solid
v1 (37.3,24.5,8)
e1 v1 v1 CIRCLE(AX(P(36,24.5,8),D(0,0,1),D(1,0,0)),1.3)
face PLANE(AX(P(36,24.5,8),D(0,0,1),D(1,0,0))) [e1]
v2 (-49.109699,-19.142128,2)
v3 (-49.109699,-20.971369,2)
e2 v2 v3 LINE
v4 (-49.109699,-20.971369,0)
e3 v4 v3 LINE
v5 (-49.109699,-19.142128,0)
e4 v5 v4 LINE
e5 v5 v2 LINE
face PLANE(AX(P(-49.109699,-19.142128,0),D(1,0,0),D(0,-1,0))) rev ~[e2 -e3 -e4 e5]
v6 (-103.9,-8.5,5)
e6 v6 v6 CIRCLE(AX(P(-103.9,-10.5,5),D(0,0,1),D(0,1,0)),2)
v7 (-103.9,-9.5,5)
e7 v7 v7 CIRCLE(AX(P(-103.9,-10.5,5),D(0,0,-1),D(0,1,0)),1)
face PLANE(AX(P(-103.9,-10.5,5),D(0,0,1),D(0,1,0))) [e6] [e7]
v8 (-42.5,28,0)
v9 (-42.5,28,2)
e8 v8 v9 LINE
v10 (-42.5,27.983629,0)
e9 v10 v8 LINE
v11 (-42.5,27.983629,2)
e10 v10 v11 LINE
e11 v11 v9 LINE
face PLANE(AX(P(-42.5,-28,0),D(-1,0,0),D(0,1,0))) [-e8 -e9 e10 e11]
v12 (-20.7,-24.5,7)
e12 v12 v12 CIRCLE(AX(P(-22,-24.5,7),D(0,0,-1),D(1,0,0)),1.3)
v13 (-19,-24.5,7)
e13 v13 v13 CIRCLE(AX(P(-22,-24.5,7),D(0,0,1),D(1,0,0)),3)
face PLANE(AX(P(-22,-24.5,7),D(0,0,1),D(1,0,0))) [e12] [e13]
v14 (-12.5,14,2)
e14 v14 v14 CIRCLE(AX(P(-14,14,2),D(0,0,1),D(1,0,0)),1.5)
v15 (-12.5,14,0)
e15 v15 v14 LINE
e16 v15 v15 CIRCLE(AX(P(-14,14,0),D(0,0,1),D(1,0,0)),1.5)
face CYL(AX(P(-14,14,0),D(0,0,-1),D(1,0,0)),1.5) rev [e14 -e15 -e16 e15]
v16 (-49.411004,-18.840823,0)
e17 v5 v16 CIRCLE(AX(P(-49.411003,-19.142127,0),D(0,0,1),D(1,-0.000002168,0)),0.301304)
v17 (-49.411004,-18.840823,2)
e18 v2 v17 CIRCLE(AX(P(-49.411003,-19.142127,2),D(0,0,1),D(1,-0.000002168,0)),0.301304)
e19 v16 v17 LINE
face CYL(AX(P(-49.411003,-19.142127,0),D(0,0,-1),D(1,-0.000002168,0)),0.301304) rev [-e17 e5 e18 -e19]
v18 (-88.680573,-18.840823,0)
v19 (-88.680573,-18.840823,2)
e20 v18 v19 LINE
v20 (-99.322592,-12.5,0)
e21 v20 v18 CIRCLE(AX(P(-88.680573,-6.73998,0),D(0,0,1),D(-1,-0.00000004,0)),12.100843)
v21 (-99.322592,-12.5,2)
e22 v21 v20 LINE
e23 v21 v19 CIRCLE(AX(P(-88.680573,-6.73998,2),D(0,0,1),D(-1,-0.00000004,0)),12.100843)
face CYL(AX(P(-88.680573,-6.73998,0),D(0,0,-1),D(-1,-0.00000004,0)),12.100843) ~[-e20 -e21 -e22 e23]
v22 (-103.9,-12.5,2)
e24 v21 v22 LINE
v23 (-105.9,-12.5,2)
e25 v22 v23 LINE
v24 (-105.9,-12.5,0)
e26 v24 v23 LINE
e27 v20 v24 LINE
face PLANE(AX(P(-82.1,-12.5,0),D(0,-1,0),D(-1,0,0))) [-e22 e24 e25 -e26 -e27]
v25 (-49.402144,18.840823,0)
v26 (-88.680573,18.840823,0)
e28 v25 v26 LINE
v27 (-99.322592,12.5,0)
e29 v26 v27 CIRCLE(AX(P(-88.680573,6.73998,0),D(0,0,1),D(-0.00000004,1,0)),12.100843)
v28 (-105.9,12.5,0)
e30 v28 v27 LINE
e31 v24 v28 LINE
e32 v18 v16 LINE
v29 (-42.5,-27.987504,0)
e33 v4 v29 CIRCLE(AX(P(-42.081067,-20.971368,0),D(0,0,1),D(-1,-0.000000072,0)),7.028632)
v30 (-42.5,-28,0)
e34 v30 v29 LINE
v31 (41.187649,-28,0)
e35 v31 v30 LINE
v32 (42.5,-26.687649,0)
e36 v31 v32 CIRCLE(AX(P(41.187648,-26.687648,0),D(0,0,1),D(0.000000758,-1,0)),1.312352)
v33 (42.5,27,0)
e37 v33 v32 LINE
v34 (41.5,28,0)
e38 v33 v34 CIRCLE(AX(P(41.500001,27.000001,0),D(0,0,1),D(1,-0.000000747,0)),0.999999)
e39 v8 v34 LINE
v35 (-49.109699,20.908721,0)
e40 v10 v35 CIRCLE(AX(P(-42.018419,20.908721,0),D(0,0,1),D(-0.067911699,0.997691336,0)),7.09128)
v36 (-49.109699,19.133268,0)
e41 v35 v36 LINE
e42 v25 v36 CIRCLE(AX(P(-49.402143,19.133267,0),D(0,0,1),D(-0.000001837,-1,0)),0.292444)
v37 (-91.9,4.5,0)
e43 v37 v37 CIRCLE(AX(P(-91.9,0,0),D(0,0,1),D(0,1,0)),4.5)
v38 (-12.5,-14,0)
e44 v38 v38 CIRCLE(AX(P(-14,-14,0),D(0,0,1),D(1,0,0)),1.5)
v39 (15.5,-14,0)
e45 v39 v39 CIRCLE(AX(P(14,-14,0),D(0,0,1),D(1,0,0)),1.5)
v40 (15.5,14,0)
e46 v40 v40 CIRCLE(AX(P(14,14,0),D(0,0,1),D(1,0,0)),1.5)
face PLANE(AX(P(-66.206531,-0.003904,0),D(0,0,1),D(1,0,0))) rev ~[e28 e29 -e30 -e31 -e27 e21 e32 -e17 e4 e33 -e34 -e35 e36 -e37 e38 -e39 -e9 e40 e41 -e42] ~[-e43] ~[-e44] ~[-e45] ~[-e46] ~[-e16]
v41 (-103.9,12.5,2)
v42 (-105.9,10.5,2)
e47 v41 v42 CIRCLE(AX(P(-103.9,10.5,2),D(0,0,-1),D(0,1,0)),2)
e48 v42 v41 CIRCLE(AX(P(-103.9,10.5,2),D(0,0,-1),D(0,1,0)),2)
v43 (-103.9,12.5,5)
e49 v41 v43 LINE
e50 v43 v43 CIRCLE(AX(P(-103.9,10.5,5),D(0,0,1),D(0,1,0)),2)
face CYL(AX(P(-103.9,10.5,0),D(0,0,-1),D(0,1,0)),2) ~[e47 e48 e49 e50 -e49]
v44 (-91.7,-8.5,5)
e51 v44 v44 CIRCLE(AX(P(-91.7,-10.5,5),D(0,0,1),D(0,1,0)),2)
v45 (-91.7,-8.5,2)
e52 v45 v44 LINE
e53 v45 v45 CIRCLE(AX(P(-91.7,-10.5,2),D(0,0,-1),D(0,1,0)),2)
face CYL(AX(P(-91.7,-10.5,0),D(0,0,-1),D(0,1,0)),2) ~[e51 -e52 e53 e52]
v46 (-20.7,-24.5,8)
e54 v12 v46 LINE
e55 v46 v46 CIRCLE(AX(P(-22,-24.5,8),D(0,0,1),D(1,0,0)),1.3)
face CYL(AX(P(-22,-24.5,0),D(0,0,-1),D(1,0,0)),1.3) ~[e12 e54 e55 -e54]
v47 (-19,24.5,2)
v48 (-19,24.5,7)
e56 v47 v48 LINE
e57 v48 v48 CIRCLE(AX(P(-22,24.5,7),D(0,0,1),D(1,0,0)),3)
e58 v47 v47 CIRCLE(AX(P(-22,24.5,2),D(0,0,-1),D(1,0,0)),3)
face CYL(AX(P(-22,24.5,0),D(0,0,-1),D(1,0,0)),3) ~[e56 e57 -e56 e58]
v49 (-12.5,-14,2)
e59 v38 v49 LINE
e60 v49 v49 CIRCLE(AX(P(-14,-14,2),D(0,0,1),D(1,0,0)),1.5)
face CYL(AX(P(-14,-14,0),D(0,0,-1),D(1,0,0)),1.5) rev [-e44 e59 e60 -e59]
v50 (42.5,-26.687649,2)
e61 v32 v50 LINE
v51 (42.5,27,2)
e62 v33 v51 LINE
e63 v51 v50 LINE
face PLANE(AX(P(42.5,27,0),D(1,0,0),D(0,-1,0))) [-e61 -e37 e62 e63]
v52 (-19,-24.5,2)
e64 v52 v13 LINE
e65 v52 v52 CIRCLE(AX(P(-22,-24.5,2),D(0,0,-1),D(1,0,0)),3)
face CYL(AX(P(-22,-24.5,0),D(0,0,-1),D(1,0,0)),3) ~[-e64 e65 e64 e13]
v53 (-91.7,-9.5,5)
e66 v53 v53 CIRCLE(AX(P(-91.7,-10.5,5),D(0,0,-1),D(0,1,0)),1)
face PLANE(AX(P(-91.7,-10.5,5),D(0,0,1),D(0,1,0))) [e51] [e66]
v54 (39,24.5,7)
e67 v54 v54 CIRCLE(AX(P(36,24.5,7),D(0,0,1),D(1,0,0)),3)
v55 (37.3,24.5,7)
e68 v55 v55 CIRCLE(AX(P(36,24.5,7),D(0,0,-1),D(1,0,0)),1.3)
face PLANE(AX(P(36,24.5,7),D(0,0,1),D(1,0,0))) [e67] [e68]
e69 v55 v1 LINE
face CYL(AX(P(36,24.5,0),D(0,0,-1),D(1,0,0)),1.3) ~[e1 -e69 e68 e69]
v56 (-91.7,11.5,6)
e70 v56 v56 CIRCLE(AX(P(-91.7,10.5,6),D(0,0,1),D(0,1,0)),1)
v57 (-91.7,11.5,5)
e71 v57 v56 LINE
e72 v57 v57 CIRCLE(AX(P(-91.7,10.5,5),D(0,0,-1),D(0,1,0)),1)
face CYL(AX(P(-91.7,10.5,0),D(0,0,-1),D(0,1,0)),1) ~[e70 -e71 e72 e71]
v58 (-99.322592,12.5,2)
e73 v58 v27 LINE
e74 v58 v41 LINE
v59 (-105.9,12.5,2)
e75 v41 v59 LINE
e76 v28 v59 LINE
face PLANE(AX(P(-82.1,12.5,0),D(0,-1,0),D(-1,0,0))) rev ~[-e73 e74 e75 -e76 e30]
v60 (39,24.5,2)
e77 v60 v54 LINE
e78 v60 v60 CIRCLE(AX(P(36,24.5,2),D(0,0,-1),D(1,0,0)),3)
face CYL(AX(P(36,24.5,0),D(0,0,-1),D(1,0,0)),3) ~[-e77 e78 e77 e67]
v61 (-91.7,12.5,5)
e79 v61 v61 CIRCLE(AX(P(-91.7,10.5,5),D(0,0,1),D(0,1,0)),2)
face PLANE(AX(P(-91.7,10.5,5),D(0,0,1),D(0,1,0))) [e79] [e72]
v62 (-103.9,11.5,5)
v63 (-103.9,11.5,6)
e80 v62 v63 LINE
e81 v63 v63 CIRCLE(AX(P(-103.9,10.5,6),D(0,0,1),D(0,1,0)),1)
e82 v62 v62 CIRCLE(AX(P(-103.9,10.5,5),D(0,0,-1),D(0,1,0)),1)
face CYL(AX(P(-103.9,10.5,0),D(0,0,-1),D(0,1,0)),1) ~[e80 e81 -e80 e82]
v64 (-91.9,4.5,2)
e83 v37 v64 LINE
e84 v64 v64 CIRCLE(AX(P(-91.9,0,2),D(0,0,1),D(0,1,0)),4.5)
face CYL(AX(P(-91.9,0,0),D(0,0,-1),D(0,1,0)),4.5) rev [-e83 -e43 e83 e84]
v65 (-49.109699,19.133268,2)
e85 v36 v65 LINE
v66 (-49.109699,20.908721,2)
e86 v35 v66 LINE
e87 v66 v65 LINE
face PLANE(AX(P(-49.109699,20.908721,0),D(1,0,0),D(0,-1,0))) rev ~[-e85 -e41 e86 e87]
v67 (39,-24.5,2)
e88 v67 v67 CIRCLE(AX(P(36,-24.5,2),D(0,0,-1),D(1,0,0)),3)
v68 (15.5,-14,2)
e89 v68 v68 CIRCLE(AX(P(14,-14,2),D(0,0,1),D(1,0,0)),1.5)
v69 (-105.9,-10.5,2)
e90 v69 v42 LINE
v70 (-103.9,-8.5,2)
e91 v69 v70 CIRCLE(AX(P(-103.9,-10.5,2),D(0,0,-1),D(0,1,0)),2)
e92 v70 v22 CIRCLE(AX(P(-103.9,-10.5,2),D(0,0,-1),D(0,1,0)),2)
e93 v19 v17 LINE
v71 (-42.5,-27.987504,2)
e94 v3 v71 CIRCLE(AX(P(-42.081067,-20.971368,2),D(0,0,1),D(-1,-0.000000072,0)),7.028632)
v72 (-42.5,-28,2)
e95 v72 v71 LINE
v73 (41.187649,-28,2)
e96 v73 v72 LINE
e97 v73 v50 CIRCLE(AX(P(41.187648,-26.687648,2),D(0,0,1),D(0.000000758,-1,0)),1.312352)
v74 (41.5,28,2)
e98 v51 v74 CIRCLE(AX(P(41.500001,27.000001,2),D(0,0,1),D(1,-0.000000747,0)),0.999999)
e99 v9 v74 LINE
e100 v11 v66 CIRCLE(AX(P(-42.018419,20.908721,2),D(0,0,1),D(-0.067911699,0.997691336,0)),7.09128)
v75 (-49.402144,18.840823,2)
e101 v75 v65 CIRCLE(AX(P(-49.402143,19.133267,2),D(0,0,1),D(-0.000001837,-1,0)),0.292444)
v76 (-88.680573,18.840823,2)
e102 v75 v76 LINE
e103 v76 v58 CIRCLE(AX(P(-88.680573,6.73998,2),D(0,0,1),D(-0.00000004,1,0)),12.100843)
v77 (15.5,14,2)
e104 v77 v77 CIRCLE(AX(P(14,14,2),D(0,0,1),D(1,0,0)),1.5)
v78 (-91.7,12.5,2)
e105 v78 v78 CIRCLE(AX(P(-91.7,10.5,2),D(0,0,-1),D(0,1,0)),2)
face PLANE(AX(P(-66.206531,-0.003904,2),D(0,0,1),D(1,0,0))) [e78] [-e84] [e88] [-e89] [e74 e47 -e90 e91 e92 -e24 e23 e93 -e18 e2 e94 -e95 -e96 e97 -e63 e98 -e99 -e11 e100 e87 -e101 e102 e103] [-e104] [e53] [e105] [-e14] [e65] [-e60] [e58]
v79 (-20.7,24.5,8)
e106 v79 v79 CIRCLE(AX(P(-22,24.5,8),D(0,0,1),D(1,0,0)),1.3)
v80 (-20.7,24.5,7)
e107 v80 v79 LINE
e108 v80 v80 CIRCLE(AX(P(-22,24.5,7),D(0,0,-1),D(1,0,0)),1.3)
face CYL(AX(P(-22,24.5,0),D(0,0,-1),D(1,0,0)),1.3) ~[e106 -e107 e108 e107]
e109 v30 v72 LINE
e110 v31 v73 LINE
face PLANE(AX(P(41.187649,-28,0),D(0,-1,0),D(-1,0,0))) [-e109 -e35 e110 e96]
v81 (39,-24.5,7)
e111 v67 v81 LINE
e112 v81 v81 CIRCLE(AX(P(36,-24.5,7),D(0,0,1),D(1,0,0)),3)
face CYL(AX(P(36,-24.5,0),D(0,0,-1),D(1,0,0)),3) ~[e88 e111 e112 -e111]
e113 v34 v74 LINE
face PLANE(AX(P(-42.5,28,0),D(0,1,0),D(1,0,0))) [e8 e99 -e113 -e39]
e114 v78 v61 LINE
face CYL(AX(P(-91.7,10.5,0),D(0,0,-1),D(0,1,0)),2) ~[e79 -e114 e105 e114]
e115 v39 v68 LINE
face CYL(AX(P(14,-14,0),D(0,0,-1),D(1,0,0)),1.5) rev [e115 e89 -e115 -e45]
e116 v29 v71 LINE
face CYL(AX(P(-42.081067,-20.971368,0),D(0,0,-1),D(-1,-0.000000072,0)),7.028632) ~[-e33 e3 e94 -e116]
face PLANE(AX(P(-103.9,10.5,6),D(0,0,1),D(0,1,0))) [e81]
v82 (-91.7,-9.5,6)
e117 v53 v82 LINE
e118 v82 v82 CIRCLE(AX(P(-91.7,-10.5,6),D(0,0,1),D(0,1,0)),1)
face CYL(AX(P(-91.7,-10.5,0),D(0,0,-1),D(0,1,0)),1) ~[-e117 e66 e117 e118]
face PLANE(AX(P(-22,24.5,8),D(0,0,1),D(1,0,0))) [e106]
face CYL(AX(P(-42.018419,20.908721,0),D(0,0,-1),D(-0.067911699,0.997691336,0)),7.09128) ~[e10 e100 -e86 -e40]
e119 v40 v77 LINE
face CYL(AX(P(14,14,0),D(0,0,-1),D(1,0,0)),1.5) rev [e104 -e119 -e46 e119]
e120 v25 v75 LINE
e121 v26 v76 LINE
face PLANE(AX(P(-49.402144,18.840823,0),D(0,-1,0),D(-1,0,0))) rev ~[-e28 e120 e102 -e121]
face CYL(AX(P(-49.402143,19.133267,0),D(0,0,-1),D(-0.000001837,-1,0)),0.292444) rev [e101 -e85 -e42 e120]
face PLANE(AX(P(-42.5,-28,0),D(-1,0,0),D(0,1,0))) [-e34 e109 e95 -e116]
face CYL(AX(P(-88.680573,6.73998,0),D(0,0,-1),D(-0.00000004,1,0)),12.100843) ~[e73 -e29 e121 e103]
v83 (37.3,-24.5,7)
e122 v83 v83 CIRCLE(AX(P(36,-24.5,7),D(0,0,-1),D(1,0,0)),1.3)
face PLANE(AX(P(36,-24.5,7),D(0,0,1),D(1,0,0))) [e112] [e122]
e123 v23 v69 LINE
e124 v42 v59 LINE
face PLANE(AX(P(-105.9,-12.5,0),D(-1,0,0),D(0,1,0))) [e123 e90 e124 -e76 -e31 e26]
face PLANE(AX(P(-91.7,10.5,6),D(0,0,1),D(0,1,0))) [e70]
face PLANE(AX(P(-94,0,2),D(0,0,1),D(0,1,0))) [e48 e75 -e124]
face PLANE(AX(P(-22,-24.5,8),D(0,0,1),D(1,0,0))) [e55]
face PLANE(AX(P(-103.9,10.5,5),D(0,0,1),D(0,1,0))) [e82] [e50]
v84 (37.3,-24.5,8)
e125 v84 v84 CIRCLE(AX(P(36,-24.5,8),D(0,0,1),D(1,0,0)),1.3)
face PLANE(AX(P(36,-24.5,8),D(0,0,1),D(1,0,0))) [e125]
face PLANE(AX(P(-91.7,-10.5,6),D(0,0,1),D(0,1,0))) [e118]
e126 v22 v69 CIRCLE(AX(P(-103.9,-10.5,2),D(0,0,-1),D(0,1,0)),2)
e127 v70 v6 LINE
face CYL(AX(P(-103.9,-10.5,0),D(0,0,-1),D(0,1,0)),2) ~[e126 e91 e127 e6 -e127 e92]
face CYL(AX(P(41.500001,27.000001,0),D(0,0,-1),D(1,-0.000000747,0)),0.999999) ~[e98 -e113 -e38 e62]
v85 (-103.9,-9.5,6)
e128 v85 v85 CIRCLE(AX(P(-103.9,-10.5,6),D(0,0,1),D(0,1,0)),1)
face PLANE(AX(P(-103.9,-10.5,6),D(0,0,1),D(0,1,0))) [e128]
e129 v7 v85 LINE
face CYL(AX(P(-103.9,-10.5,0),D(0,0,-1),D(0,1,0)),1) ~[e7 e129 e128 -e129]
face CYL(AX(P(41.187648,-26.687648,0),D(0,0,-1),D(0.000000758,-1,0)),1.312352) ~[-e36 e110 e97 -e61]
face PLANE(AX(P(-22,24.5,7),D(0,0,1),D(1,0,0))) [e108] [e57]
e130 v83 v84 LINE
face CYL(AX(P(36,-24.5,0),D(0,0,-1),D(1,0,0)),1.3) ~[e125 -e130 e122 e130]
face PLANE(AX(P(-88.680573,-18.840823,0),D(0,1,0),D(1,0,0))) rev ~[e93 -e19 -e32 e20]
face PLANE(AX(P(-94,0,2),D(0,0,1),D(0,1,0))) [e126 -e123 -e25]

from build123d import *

# Parameters (mm, degrees)
SKETCH_R                  = 1.4
SKETCH_R_2                = 1.5
PAD_DEPTH                 = 2
SKETCH002_R               = 6.353363
PAD002_DEPTH              = 2
CYLINDER022_R             = 1.3
CYLINDER022_DEPTH         = 8
CYLINDER021_R             = 3
CYLINDER021_DEPTH         = 7
CYLINDER019_R             = 1.3
CYLINDER019_DEPTH         = 8
CYLINDER020_R             = 3
CYLINDER020_DEPTH         = 7
CYLINDER011_R             = 1.3
CYLINDER011_DEPTH         = 8
CYLINDER008_R             = 3
CYLINDER008_DEPTH         = 7
CYLINDER013_R             = 1.3
CYLINDER013_DEPTH         = 8
CYLINDER012_R             = 3
CYLINDER012_DEPTH         = 7
CYLINDER006_R             = 1
CYLINDER006_DEPTH         = 6
CYLINDER005_R             = 2
CYLINDER005_DEPTH         = 5
CYLINDER007_R             = 1
CYLINDER007_DEPTH         = 6
CYLINDER004_R             = 2
CYLINDER004_DEPTH         = 5
CYLINDER003_R             = 1
CYLINDER003_DEPTH         = 6
CYLINDER002_R             = 2
CYLINDER002_DEPTH         = 5
CYLINDER001_R             = 1
CYLINDER001_DEPTH         = 6
CYLINDER_R                = 2
CYLINDER_DEPTH            = 5
SKETCH001_W               = 25
SKETCH001_H               = 23.8
SKETCH001_R               = 1
SKETCH001_R_2             = 4.5
PAD001_DEPTH              = 2
FUSION006_PLACEMENT_ANGLE = 90


with BuildPart() as opa:
    # Sketch → Pad (new body)
    with BuildSketch(Plane.XY):
        with BuildLine():
            Line((-42.5, 28), (41.5, 28))
            ThreePointArc((42.5, 27), (42.207107, 27.707107), (41.5, 28))
            Line((42.5, 27), (42.5, -26.687649))
            ThreePointArc((41.187649, -28), (42.115621, -27.615621), (42.5, -26.687649))
            Line((41.187649, -28), (-42.5, -28))
            Line((-42.5, -28), (-42.5, 28))
        make_face()
        with Locations((-22, 24.5)):
            Circle(SKETCH_R, mode=Mode.SUBTRACT)
        with Locations((36, 24.5)):
            Circle(SKETCH_R, mode=Mode.SUBTRACT)
        with Locations((-14, 14)):
            Circle(SKETCH_R_2, mode=Mode.SUBTRACT)
        with Locations((14, 14)):
            Circle(SKETCH_R_2, mode=Mode.SUBTRACT)
        with Locations((-14, -14)):
            Circle(SKETCH_R_2, mode=Mode.SUBTRACT)
        with Locations((14, -14)):
            Circle(SKETCH_R_2, mode=Mode.SUBTRACT)
        with Locations((-22, -24.5)):
            Circle(SKETCH_R, mode=Mode.SUBTRACT)
        with Locations((36, -24.5)):
            Circle(SKETCH_R, mode=Mode.SUBTRACT)
    extrude(amount=PAD_DEPTH)


with BuildPart() as body002:
    # Sketch002 → Pad002 (new body)
    with BuildSketch(Plane.XY):
        with BuildLine():
            Line((-49.402144, 18.840823), (-88.680573, 18.840823))
            ThreePointArc((-88.680573, 18.840823), (-97.237161, 15.296568), (-100.781416, 6.73998))
            Line((-100.781416, 6.73998), (-100.781416, -6.73998))
            ThreePointArc((-100.781416, -6.73998), (-97.237161, -15.296568), (-88.680573, -18.840823))
            Line((-88.680573, -18.840823), (-49.411004, -18.840823))
            ThreePointArc((-49.109699, -19.142128), (-49.197949, -18.929073), (-49.411004, -18.840823))
            Line((-49.109699, -19.142128), (-49.109699, -20.971369))
            ThreePointArc((-49.109699, -20.971369), (-47.197032, -25.790971), (-42.5, -27.987504))
            Line((-42.5, -27.987504), (-42.5, 27.983629))
            ThreePointArc((-42.5, 27.983629), (-47.200179, 25.749755), (-49.109699, 20.908721))
            Line((-49.109699, 20.908721), (-49.109699, 19.133268))
            ThreePointArc((-49.402144, 18.840823), (-49.195354, 18.926478), (-49.109699, 19.133268))
        make_face()
        with Locations((-91.871376, 0)):
            Circle(SKETCH002_R, mode=Mode.SUBTRACT)
    extrude(amount=PAD002_DEPTH)


with BuildPart() as cylinder022:
    # Cylinder022 → Cylinder022 (new body)
    with BuildSketch(Plane.XY):
        Circle(CYLINDER022_R)
    extrude(amount=CYLINDER022_DEPTH)


with BuildPart() as fusion022:
    # Cylinder021 → Cylinder021 (new body)
    with BuildSketch(Plane.XY):
        Circle(CYLINDER021_R)
    extrude(amount=CYLINDER021_DEPTH)

    # Fusion022: union Cylinder022
    add(cylinder022.part)


with BuildPart() as fusion022_1:
    # Fusion022 placement: moved
    add(fusion022.part.moved(Location((-39, 24.5, 0))))


with BuildPart() as cylinder019:
    # Cylinder019 → Cylinder019 (new body)
    with BuildSketch(Plane.XY):
        Circle(CYLINDER019_R)
    extrude(amount=CYLINDER019_DEPTH)


with BuildPart() as fusion024:
    # Cylinder020 → Cylinder020 (new body)
    with BuildSketch(Plane.XY):
        Circle(CYLINDER020_R)
    extrude(amount=CYLINDER020_DEPTH)

    # Fusion023: union Cylinder019
    add(cylinder019.part)


with BuildPart() as fusion024_1:
    # Fusion023 placement: moved
    add(fusion024.part.moved(Location((-39, -24.5, 0))))

    # Fusion024: union Fusion022
    add(fusion022_1.part)


with BuildPart() as fusion024_2:
    # Fusion024 placement: moved
    add(fusion024_1.part.moved(Location((58, 0, 0))))


with BuildPart() as cylinder011:
    # Cylinder011 → Cylinder011 (new body)
    with BuildSketch(Plane.XY):
        Circle(CYLINDER011_R)
    extrude(amount=CYLINDER011_DEPTH)


with BuildPart() as fusion007:
    # Cylinder008 → Cylinder008 (new body)
    with BuildSketch(Plane.XY):
        Circle(CYLINDER008_R)
    extrude(amount=CYLINDER008_DEPTH)

    # Fusion007: union Cylinder011
    add(cylinder011.part)


with BuildPart() as fusion007_1:
    # Fusion007 placement: moved
    add(fusion007.part.moved(Location((-39, 24.5, 0))))


with BuildPart() as cylinder013:
    # Cylinder013 → Cylinder013 (new body)
    with BuildSketch(Plane.XY):
        Circle(CYLINDER013_R)
    extrude(amount=CYLINDER013_DEPTH)


with BuildPart() as fusion025:
    # Cylinder012 → Cylinder012 (new body)
    with BuildSketch(Plane.XY):
        Circle(CYLINDER012_R)
    extrude(amount=CYLINDER012_DEPTH)

    # Fusion008: union Cylinder013
    add(cylinder013.part)


with BuildPart() as fusion025_1:
    # Fusion008 placement: moved
    add(fusion025.part.moved(Location((-39, -24.5, 0))))

    # Fusion009: union Fusion007
    add(fusion007_1.part)

    # Fusion025: union Fusion024
    add(fusion024_2.part)


with BuildPart() as fusion025_2:
    # Fusion025 placement: moved
    add(fusion025_1.part.moved(Location((17, 0, 0))))


with BuildPart() as cylinder006:
    # Cylinder006 → Cylinder006 (new body)
    with BuildSketch(Plane.XY):
        Circle(CYLINDER006_R)
    extrude(amount=CYLINDER006_DEPTH)


with BuildPart() as fusion004:
    # Cylinder005 → Cylinder005 (new body)
    with BuildSketch(Plane.XY):
        Circle(CYLINDER005_R)
    extrude(amount=CYLINDER005_DEPTH)

    # Fusion004: union Cylinder006
    add(cylinder006.part)


with BuildPart() as fusion004_1:
    # Fusion004 placement: moved
    add(fusion004.part.moved(Location((10.5, -2.3, 0))))


with BuildPart() as cylinder007:
    # Cylinder007 → Cylinder007 (new body)
    with BuildSketch(Plane.XY):
        Circle(CYLINDER007_R)
    extrude(amount=CYLINDER007_DEPTH)


with BuildPart() as fusion005:
    # Cylinder004 → Cylinder004 (new body)
    with BuildSketch(Plane.XY):
        Circle(CYLINDER004_R)
    extrude(amount=CYLINDER004_DEPTH)

    # Fusion003: union Cylinder007
    add(cylinder007.part)


with BuildPart() as fusion005_1:
    # Fusion003 placement: moved
    add(fusion005.part.moved(Location((-10.5, -2.3, 0))))

    # Fusion005: union Fusion004
    add(fusion004_1.part)


with BuildPart() as fusion005_2:
    # Fusion005 placement: moved
    add(fusion005_1.part.moved(Location((0, 12.2, 0))))


with BuildPart() as cylinder003:
    # Cylinder003 → Cylinder003 (new body)
    with BuildSketch(Plane.XY):
        Circle(CYLINDER003_R)
    extrude(amount=CYLINDER003_DEPTH)


with BuildPart() as fusion001:
    # Cylinder002 → Cylinder002 (new body)
    with BuildSketch(Plane.XY):
        Circle(CYLINDER002_R)
    extrude(amount=CYLINDER002_DEPTH)

    # Fusion001: union Cylinder003
    add(cylinder003.part)


with BuildPart() as fusion001_1:
    # Fusion001 placement: moved
    add(fusion001.part.moved(Location((10.5, -2.3, 0))))


with BuildPart() as cylinder001:
    # Cylinder001 → Cylinder001 (new body)
    with BuildSketch(Plane.XY):
        Circle(CYLINDER001_R)
    extrude(amount=CYLINDER001_DEPTH)


with BuildPart() as fusion002:
    # Cylinder → Cylinder (new body)
    with BuildSketch(Plane.XY):
        Circle(CYLINDER_R)
    extrude(amount=CYLINDER_DEPTH)

    # Fusion: union Cylinder001
    add(cylinder001.part)


with BuildPart() as fusion002_1:
    # Fusion placement: moved
    add(fusion002.part.moved(Location((-10.5, -2.3, 0))))

    # Fusion002: union Fusion001
    add(fusion001_1.part)


with BuildPart() as f_51_raspcamsupport:
    # Sketch001 → Pad001 (new body)
    with BuildSketch(Plane.XY):
        Rectangle(SKETCH001_W, SKETCH001_H)
        with Locations((-10.5, 9.9)):
            Circle(SKETCH001_R, mode=Mode.SUBTRACT)
        with Locations((10.5, 9.9)):
            Circle(SKETCH001_R, mode=Mode.SUBTRACT)
        with Locations((-10.5, -2.3)):
            Circle(SKETCH001_R, mode=Mode.SUBTRACT)
        with Locations((10.5, -2.3)):
            Circle(SKETCH001_R, mode=Mode.SUBTRACT)
        with Locations((0, -2.1)):
            Circle(SKETCH001_R_2, mode=Mode.SUBTRACT)
    extrude(amount=PAD001_DEPTH)

    # Fusion006: union Fusion005, Fusion002
    add(fusion005_2.part)
    add(fusion002_1.part)


with BuildPart() as f_51_raspcamsupport_1:
    # Fusion006 placement: moved
    add(f_51_raspcamsupport.part.moved(Location((-94, 0, 0))).rotate(Axis((-94, 0, 0), (0, 0, 1)), FUSION006_PLACEMENT_ANGLE))

    # Fusion026: union opa, Body002, Fusion025
    add(opa.part)
    add(body002.part)
    add(fusion025_2.part)


solid = f_51_raspcamsupport_1.part
